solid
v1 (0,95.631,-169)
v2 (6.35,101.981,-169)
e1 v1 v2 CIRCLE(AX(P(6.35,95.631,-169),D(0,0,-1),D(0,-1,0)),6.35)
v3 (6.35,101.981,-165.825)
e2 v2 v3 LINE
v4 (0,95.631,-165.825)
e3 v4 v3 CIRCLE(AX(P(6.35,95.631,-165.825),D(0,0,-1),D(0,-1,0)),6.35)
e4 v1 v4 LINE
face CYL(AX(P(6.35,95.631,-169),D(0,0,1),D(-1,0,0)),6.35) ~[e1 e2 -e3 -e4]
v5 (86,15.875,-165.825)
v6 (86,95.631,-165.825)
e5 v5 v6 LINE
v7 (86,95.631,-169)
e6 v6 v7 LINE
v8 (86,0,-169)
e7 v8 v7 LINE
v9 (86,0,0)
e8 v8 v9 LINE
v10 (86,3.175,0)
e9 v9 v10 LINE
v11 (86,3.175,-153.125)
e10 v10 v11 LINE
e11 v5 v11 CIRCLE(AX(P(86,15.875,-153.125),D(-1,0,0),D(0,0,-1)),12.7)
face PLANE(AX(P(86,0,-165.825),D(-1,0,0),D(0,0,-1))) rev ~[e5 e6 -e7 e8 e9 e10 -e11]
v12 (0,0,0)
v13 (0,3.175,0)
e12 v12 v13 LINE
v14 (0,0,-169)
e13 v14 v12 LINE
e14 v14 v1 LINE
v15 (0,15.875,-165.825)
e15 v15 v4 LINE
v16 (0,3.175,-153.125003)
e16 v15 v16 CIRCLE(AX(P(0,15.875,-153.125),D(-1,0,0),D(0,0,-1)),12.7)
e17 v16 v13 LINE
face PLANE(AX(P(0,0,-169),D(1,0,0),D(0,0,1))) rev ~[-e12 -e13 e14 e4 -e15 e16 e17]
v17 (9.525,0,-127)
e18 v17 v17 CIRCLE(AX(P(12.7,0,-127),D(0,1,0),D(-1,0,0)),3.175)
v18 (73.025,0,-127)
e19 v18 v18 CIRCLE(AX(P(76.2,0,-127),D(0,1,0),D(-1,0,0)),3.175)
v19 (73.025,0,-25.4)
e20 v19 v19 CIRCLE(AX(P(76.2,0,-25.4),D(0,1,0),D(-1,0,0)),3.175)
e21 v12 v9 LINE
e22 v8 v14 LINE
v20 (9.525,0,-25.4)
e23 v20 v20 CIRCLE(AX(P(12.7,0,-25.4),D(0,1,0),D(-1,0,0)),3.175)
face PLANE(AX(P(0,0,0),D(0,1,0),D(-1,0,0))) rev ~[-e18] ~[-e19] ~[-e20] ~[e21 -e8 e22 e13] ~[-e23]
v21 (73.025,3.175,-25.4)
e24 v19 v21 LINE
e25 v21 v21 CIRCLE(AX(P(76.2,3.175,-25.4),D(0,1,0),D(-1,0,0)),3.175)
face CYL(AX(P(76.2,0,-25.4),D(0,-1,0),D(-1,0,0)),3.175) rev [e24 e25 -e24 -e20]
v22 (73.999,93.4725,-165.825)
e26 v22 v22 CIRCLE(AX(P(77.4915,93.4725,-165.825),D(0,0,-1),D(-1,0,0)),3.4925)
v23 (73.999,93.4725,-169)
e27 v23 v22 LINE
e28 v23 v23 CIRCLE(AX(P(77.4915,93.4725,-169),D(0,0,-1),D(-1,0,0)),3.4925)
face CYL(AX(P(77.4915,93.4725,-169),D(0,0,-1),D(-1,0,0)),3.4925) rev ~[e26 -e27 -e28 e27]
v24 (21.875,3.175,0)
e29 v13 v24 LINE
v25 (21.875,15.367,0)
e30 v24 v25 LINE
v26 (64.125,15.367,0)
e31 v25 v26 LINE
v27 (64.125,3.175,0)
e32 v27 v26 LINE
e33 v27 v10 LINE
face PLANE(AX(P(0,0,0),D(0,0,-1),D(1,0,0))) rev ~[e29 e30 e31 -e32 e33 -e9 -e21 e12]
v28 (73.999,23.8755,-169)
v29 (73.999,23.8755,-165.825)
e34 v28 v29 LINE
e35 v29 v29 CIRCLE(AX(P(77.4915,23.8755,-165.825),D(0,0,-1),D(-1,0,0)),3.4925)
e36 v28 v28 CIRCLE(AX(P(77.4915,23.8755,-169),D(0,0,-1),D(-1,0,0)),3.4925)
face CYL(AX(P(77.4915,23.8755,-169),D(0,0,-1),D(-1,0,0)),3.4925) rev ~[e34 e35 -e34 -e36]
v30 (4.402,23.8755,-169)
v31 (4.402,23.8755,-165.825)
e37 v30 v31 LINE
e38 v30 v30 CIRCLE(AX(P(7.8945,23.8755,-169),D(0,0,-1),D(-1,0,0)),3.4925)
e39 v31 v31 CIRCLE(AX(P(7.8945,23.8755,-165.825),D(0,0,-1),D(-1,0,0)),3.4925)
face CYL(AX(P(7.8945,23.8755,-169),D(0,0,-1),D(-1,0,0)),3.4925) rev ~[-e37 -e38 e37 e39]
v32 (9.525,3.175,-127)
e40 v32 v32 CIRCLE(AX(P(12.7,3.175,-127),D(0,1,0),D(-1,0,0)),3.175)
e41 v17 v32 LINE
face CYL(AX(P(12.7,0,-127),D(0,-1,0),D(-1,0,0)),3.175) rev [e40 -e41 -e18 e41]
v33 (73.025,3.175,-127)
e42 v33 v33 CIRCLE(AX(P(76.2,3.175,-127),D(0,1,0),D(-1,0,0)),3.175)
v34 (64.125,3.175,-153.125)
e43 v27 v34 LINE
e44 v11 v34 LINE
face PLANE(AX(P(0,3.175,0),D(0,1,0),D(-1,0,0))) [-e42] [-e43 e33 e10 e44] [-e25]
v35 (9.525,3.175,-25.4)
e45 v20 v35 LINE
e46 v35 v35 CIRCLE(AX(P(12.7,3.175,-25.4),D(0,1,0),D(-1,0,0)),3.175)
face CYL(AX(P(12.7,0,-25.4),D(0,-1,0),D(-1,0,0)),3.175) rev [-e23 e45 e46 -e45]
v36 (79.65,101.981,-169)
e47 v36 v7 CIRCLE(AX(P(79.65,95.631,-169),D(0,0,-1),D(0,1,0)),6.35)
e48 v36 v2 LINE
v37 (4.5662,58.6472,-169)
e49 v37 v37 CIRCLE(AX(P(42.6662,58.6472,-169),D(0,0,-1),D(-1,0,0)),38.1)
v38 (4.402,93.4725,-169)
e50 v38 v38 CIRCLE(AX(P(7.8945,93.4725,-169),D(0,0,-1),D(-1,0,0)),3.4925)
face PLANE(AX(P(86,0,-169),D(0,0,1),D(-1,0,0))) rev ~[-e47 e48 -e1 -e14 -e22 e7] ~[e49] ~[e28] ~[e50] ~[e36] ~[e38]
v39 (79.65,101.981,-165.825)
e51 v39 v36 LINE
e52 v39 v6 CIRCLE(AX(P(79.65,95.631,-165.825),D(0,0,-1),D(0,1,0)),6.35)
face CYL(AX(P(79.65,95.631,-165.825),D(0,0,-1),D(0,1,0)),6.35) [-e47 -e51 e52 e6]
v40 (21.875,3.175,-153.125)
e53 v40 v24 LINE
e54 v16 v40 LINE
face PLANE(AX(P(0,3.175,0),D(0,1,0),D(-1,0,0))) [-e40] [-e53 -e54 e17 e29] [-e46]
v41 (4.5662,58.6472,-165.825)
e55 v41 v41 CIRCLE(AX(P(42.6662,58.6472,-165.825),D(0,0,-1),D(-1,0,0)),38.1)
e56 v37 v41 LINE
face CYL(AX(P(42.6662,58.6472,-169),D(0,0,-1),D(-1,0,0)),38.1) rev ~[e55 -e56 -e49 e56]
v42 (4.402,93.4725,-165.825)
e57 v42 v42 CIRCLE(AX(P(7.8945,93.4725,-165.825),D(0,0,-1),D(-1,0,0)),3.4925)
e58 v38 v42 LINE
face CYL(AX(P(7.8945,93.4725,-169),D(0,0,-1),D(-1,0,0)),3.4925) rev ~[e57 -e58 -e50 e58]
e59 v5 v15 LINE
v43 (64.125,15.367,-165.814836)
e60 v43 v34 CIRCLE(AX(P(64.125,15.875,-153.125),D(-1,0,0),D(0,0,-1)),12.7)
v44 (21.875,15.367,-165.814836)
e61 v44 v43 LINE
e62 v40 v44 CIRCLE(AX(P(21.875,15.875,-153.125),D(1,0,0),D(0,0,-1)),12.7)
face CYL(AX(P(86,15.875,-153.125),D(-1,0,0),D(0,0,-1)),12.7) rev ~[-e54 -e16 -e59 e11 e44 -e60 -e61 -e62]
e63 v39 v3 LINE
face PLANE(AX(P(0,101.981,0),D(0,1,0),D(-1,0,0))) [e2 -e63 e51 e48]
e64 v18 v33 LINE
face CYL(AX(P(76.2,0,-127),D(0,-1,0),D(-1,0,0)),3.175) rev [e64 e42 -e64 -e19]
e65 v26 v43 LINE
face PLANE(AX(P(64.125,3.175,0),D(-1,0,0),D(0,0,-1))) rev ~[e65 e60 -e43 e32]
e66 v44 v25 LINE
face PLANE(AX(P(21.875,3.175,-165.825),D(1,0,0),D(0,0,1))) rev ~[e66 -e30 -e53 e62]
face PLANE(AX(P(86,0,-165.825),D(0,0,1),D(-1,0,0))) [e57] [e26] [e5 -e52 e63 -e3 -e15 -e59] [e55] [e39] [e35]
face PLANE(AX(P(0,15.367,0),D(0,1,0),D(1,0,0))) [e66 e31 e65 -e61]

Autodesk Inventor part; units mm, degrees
ref_plane "YZ Plane" through (0, 0, 0) normal (1, 0, 0) x (0, 1, 0)
ref_plane "XZ Plane" through (0, 0, 0) normal (0, 1, 0) x (-1, 0, 0)
ref_plane "XY Plane" through (0, 0, 0) normal (0, 0, 1) x (1, 0, 0)
sketch "Sketch1" plane through (0, 0, 0) normal (0, 1, 0) x (-1, 0, 0)
  line L0 (0, 0) -> (-86, 0)
  line L1 (-86, 0) -> (-86, -169)
  line L2 (-86, -169) -> (0, -169)
  line L3 (0, -169) -> (0, 0)
  circle A0 centre (-12.7, -25.4) radius 3.175
  circle A1 centre (-12.7, -127) radius 3.175
  circle A2 centre (-76.2, -25.4) radius 3.175
  circle A3 centre (-76.2, -127) radius 3.175
  line L4 (0, -169) -> (-86, -169)
  line L5 (-86, -169) -> (-86, -165.825)
  line L6 (-86, -165.825) -> (0, -165.825)
  line L7 (0, -165.825) -> (0, -169)
  point P0 (0, -165.825)
  dimension "d0" = 6.35
  dimension "d1" = 169
  dimension "d2" = 86
  dimension "d3" = 12.7
  dimension "d4" = 25.4
  dimension "d7" = 101.6
  dimension "d10" = 63.5
  dimension "d31" = 3.175
extrude "Extrusion1" add sketch "Sketch1" along normal blind 3.175 contours L3 L6 L1 L0
sketch "Sketch3" plane through (0, 3.175, 0) normal (0, 1, 0) x (1, 0, 0)
  line L0 (0, 0) -> (86, 0) projected
  line L1 (21.875, 0) -> (64.125, 0)
  line L2 (64.125, 0) -> (64.125, 165.825)
  line L3 (64.125, 165.825) -> (21.875, 165.825)
  line L4 (21.875, 165.825) -> (21.875, 0)
  line L5 (0, 165.825) -> (0, 0) projected
  line L6 (86, 0) -> (86, 165.825) projected
  line L7 (43, 0) -> (43.307, 154.432) construction
  line L8 (86.614, 154.432) -> (0, 154.432) construction
  line L9 (43, 0) -> (43, 165.825) construction
  line L10 (86, 165.825) -> (0, 165.825) projected
  point P0 (64.125, 0)
  dimension "d28" = 42.25
extrude "Extrusion3" add sketch "Sketch3" along normal blind 12.192 contours L4 L3 L2 L0
extrude "Extrusion4" add sketch "Sketch1" along normal blind 101.981 contours L3 L2 L1 L6
sketch "Sketch4" plane through (86, 0, -169) normal (0, 0, -1) x (-1, 0, 0)
  circle A0 centre (43.3338, 58.6472) radius 38.1
  circle A1 centre (8.5085, 93.4725) radius 3.4925
  line L0 (0, 0) -> (0, 101.981) projected
  line L1 (0, 101.981) -> (86, 101.981) projected
  circle A2 centre (78.1055, 93.4725) radius 3.4925
  circle A3 centre (8.5085, 23.8755) radius 3.4925
  circle A4 centre (78.1055, 23.8755) radius 3.4925
  point P0 (86, 0)
  dimension "d34" = 76.2
  dimension "d35" = 6.985
  dimension "d36" = 8.5085
  dimension "d38" = 8.5085
  dimension "d41" = 69.597
  dimension "d44" = 69.597
  dimension "d47" = 43.3338
  dimension "d48" = 43.3338
extrude "Extrusion5" cut sketch "Sketch4" against normal through all
fillet "Fillet1" radius 12.7 2 edges at (75.0625, 3.175, -165.825) (10.9375, 3.175, -165.825)
fillet "Fillet2" radius 6.35 2 edges at (86, 101.981, -167.4125) (0, 101.981, -167.4125)
equation "\"d28\" = 0.25 * d1"
properties part number "MotorStandoff"
